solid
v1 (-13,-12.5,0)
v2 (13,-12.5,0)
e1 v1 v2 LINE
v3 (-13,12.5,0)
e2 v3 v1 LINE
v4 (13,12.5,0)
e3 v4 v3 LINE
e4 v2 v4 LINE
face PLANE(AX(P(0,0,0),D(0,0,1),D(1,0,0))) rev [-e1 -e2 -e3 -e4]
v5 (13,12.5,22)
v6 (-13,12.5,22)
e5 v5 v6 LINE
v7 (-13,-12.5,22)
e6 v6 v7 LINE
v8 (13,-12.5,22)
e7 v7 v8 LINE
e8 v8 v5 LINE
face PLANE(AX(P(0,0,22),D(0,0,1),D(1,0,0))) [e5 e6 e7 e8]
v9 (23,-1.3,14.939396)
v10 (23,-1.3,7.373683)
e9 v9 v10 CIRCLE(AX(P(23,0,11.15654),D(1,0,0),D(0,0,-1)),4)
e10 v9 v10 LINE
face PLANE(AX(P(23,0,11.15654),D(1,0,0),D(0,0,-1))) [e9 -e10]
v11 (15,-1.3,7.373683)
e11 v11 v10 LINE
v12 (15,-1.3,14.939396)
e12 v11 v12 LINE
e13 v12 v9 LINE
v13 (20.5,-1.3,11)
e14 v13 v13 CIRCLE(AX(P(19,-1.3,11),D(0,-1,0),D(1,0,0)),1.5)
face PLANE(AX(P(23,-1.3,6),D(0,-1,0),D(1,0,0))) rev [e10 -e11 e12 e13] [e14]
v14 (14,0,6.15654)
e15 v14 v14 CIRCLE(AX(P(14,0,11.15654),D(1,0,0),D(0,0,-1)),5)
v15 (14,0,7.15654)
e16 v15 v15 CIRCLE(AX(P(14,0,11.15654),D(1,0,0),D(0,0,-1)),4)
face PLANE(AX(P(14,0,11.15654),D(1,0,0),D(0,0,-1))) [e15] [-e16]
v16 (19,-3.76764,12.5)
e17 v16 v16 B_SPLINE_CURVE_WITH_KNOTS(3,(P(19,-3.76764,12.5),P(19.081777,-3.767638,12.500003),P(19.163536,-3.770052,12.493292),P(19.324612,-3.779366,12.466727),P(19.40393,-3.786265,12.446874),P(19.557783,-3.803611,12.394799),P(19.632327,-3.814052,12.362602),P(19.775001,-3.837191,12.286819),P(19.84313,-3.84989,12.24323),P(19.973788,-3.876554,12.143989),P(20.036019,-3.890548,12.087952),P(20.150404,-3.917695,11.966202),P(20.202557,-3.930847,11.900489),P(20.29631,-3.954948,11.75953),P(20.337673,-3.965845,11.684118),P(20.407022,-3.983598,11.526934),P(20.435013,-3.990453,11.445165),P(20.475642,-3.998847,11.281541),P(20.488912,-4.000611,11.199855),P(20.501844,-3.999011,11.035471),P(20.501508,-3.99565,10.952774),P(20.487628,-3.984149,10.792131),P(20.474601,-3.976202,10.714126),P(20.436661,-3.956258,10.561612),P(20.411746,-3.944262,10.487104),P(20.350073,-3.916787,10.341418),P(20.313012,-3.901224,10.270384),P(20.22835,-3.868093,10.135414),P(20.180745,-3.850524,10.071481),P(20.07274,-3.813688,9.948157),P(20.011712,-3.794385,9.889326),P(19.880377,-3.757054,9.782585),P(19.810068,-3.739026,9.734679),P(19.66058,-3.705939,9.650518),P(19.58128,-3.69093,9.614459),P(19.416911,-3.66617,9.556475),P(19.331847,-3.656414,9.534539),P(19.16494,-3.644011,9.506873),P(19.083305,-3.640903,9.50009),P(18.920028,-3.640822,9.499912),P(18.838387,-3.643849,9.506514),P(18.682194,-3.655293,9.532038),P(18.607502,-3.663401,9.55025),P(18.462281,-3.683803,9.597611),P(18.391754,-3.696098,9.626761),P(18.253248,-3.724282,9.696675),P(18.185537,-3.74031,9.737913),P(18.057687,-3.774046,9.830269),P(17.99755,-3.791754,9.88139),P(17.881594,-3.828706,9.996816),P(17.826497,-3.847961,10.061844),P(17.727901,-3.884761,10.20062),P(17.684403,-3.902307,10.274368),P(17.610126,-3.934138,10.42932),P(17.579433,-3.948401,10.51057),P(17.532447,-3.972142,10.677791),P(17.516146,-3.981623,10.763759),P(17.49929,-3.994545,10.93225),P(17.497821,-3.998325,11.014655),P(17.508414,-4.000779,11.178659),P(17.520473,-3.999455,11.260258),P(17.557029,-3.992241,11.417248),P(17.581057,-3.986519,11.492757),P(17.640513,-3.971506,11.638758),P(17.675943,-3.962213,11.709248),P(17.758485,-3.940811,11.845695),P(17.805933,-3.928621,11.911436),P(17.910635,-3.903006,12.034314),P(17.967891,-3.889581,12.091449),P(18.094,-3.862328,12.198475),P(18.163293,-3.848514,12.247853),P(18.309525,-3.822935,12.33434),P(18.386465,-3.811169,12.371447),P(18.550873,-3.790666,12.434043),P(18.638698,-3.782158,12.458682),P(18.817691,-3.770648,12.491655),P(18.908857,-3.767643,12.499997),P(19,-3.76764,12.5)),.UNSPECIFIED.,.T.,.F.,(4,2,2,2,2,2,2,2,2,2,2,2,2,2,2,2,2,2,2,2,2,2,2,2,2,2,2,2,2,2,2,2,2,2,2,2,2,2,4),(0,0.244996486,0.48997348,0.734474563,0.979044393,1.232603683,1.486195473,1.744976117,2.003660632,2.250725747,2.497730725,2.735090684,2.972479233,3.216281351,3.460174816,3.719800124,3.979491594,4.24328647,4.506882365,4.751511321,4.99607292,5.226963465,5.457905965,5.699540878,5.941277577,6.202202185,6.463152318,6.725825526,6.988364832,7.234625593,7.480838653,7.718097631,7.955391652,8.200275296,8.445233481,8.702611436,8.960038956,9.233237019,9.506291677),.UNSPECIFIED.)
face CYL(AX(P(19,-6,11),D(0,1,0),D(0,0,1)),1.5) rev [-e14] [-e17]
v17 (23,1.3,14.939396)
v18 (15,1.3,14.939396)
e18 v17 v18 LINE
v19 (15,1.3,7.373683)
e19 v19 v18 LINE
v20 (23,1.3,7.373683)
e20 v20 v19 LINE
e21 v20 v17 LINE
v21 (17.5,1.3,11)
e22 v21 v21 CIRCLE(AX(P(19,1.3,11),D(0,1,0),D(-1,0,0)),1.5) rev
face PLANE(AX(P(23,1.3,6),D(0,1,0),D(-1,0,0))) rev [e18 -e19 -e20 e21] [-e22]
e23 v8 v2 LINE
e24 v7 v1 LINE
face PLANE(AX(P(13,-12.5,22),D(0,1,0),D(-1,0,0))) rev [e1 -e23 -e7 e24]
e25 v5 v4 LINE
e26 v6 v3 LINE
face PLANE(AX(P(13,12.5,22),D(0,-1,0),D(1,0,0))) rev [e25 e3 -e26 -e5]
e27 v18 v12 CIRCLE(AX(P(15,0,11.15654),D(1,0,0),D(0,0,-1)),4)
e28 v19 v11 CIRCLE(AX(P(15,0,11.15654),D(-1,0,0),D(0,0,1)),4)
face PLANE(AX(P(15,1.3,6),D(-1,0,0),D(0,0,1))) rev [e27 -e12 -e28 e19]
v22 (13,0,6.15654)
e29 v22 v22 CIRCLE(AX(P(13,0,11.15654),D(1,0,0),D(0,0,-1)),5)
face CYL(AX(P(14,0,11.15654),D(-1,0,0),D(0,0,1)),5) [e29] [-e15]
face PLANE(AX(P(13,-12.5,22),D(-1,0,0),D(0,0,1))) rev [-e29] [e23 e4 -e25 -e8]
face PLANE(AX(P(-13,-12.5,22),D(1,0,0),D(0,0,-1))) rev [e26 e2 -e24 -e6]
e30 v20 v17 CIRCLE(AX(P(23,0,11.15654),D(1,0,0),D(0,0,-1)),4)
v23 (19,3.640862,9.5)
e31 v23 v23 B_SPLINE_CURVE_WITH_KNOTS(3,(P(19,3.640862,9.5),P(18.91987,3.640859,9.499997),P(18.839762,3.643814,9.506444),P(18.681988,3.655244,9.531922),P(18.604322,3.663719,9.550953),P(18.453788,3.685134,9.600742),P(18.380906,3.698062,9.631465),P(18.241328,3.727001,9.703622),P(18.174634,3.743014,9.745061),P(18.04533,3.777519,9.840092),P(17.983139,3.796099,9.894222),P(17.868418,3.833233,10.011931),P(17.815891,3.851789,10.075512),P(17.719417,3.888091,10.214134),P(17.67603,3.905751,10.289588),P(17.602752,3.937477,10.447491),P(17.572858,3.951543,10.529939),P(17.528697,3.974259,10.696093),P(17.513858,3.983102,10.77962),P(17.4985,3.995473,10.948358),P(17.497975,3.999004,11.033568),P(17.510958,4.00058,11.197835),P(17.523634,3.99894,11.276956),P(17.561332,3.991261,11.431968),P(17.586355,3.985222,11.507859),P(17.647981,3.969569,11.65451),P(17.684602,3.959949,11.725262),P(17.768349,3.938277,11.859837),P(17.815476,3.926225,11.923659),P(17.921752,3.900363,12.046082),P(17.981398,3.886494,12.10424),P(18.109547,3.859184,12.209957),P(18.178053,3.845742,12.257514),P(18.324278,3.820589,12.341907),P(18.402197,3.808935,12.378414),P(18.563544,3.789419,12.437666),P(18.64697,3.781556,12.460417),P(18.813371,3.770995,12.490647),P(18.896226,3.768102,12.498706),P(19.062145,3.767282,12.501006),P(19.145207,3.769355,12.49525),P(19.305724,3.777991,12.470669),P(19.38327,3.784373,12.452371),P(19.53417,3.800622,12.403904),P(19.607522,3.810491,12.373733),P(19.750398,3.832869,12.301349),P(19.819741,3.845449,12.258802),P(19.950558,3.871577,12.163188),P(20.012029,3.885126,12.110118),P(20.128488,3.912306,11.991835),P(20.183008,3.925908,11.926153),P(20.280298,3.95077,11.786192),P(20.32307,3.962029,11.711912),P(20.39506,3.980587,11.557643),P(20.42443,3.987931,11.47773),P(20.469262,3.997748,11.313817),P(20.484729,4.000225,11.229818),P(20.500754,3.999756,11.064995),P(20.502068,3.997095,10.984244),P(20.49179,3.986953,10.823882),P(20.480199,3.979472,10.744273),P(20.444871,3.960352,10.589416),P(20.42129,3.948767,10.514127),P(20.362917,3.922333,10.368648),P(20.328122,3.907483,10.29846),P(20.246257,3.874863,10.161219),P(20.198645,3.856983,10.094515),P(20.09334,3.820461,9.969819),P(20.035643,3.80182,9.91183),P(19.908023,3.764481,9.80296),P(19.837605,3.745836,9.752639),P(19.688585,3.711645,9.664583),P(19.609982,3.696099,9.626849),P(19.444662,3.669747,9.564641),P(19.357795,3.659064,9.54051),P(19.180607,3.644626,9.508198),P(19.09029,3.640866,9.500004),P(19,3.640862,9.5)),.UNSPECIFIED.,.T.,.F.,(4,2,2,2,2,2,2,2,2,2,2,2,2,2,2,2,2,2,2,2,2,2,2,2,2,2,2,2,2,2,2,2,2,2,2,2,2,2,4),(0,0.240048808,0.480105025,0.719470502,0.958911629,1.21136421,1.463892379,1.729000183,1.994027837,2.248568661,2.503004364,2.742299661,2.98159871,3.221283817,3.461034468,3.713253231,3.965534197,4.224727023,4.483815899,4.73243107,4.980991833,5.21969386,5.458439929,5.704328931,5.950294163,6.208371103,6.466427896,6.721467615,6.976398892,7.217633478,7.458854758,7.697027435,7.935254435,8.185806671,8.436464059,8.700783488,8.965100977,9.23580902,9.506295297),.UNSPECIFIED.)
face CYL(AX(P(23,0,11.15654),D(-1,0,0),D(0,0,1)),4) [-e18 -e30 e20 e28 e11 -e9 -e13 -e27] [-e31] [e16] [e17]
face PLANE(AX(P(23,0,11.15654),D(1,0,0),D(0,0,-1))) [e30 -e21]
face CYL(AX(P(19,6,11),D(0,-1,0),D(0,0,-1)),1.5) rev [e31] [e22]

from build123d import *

# Parameters (mm, degrees)
SKETCH3_W           = 26
SKETCH3_H           = 25
BOSS_EXTRUDE2_DEPTH = 22
SKETCH4_R           = 5
BOSS_EXTRUDE3_DEPTH = 1
SKETCH5_R           = 4
BOSS_EXTRUDE4_DEPTH = 9
SKETCH7_W           = 8
SKETCH7_H           = 2.6
CUT_EXTRUDE1_DEPTH  = 5
SKETCH8_R           = 1.5
CUT_EXTRUDE2_DEPTH  = 6


with BuildPart() as part:
    # Sketch3 → Boss-Extrude2 (new body)
    with BuildSketch(Plane.XY):
        Rectangle(SKETCH3_W, SKETCH3_H)
    extrude(amount=BOSS_EXTRUDE2_DEPTH)

    # Sketch4 → Boss-Extrude3 (add)
    with BuildSketch(Plane(origin=(13, 0, 0), x_dir=(0, 0, -1), z_dir=(1, 0, 0))):
        with Locations((-11.15653954, 0)):
            Circle(SKETCH4_R)
    extrude(amount=BOSS_EXTRUDE3_DEPTH)

    # Sketch5 → Boss-Extrude4 (add)
    with BuildSketch(Plane(origin=(14, 0, 0), x_dir=(0, 0, -1), z_dir=(1, 0, 0))):
        with Locations((-11.15653954, 0)):
            Circle(SKETCH5_R)
    extrude(amount=BOSS_EXTRUDE4_DEPTH)

    # Sketch7 → Cut-Extrude1 (cut)
    with BuildSketch(Plane.XY.offset(11)):
        with Locations((19, 0)):
            Rectangle(SKETCH7_W, SKETCH7_H)
    cut_extrude1 = extrude(amount=-CUT_EXTRUDE1_DEPTH, mode=Mode.SUBTRACT)

    # Mirror1: Cut-Extrude1 across plane
    add(cut_extrude1.mirror(Plane.XY.offset(11)), mode=Mode.SUBTRACT)

    # Sketch8 → Cut-Extrude2 (cut)
    with BuildSketch(Plane(origin=(0, 0, 0), x_dir=(1, 0, 0), z_dir=(0, 1, 0))):
        with Locations(Location((19, -11, 0), (0, 0, 270))):
            Circle(SKETCH8_R)
    cut_extrude2 = extrude(amount=-CUT_EXTRUDE2_DEPTH, mode=Mode.SUBTRACT)

    # Mirror2: Cut-Extrude2 across plane
    add(cut_extrude2.mirror(Plane.ZX), mode=Mode.SUBTRACT)


solid = part.part
